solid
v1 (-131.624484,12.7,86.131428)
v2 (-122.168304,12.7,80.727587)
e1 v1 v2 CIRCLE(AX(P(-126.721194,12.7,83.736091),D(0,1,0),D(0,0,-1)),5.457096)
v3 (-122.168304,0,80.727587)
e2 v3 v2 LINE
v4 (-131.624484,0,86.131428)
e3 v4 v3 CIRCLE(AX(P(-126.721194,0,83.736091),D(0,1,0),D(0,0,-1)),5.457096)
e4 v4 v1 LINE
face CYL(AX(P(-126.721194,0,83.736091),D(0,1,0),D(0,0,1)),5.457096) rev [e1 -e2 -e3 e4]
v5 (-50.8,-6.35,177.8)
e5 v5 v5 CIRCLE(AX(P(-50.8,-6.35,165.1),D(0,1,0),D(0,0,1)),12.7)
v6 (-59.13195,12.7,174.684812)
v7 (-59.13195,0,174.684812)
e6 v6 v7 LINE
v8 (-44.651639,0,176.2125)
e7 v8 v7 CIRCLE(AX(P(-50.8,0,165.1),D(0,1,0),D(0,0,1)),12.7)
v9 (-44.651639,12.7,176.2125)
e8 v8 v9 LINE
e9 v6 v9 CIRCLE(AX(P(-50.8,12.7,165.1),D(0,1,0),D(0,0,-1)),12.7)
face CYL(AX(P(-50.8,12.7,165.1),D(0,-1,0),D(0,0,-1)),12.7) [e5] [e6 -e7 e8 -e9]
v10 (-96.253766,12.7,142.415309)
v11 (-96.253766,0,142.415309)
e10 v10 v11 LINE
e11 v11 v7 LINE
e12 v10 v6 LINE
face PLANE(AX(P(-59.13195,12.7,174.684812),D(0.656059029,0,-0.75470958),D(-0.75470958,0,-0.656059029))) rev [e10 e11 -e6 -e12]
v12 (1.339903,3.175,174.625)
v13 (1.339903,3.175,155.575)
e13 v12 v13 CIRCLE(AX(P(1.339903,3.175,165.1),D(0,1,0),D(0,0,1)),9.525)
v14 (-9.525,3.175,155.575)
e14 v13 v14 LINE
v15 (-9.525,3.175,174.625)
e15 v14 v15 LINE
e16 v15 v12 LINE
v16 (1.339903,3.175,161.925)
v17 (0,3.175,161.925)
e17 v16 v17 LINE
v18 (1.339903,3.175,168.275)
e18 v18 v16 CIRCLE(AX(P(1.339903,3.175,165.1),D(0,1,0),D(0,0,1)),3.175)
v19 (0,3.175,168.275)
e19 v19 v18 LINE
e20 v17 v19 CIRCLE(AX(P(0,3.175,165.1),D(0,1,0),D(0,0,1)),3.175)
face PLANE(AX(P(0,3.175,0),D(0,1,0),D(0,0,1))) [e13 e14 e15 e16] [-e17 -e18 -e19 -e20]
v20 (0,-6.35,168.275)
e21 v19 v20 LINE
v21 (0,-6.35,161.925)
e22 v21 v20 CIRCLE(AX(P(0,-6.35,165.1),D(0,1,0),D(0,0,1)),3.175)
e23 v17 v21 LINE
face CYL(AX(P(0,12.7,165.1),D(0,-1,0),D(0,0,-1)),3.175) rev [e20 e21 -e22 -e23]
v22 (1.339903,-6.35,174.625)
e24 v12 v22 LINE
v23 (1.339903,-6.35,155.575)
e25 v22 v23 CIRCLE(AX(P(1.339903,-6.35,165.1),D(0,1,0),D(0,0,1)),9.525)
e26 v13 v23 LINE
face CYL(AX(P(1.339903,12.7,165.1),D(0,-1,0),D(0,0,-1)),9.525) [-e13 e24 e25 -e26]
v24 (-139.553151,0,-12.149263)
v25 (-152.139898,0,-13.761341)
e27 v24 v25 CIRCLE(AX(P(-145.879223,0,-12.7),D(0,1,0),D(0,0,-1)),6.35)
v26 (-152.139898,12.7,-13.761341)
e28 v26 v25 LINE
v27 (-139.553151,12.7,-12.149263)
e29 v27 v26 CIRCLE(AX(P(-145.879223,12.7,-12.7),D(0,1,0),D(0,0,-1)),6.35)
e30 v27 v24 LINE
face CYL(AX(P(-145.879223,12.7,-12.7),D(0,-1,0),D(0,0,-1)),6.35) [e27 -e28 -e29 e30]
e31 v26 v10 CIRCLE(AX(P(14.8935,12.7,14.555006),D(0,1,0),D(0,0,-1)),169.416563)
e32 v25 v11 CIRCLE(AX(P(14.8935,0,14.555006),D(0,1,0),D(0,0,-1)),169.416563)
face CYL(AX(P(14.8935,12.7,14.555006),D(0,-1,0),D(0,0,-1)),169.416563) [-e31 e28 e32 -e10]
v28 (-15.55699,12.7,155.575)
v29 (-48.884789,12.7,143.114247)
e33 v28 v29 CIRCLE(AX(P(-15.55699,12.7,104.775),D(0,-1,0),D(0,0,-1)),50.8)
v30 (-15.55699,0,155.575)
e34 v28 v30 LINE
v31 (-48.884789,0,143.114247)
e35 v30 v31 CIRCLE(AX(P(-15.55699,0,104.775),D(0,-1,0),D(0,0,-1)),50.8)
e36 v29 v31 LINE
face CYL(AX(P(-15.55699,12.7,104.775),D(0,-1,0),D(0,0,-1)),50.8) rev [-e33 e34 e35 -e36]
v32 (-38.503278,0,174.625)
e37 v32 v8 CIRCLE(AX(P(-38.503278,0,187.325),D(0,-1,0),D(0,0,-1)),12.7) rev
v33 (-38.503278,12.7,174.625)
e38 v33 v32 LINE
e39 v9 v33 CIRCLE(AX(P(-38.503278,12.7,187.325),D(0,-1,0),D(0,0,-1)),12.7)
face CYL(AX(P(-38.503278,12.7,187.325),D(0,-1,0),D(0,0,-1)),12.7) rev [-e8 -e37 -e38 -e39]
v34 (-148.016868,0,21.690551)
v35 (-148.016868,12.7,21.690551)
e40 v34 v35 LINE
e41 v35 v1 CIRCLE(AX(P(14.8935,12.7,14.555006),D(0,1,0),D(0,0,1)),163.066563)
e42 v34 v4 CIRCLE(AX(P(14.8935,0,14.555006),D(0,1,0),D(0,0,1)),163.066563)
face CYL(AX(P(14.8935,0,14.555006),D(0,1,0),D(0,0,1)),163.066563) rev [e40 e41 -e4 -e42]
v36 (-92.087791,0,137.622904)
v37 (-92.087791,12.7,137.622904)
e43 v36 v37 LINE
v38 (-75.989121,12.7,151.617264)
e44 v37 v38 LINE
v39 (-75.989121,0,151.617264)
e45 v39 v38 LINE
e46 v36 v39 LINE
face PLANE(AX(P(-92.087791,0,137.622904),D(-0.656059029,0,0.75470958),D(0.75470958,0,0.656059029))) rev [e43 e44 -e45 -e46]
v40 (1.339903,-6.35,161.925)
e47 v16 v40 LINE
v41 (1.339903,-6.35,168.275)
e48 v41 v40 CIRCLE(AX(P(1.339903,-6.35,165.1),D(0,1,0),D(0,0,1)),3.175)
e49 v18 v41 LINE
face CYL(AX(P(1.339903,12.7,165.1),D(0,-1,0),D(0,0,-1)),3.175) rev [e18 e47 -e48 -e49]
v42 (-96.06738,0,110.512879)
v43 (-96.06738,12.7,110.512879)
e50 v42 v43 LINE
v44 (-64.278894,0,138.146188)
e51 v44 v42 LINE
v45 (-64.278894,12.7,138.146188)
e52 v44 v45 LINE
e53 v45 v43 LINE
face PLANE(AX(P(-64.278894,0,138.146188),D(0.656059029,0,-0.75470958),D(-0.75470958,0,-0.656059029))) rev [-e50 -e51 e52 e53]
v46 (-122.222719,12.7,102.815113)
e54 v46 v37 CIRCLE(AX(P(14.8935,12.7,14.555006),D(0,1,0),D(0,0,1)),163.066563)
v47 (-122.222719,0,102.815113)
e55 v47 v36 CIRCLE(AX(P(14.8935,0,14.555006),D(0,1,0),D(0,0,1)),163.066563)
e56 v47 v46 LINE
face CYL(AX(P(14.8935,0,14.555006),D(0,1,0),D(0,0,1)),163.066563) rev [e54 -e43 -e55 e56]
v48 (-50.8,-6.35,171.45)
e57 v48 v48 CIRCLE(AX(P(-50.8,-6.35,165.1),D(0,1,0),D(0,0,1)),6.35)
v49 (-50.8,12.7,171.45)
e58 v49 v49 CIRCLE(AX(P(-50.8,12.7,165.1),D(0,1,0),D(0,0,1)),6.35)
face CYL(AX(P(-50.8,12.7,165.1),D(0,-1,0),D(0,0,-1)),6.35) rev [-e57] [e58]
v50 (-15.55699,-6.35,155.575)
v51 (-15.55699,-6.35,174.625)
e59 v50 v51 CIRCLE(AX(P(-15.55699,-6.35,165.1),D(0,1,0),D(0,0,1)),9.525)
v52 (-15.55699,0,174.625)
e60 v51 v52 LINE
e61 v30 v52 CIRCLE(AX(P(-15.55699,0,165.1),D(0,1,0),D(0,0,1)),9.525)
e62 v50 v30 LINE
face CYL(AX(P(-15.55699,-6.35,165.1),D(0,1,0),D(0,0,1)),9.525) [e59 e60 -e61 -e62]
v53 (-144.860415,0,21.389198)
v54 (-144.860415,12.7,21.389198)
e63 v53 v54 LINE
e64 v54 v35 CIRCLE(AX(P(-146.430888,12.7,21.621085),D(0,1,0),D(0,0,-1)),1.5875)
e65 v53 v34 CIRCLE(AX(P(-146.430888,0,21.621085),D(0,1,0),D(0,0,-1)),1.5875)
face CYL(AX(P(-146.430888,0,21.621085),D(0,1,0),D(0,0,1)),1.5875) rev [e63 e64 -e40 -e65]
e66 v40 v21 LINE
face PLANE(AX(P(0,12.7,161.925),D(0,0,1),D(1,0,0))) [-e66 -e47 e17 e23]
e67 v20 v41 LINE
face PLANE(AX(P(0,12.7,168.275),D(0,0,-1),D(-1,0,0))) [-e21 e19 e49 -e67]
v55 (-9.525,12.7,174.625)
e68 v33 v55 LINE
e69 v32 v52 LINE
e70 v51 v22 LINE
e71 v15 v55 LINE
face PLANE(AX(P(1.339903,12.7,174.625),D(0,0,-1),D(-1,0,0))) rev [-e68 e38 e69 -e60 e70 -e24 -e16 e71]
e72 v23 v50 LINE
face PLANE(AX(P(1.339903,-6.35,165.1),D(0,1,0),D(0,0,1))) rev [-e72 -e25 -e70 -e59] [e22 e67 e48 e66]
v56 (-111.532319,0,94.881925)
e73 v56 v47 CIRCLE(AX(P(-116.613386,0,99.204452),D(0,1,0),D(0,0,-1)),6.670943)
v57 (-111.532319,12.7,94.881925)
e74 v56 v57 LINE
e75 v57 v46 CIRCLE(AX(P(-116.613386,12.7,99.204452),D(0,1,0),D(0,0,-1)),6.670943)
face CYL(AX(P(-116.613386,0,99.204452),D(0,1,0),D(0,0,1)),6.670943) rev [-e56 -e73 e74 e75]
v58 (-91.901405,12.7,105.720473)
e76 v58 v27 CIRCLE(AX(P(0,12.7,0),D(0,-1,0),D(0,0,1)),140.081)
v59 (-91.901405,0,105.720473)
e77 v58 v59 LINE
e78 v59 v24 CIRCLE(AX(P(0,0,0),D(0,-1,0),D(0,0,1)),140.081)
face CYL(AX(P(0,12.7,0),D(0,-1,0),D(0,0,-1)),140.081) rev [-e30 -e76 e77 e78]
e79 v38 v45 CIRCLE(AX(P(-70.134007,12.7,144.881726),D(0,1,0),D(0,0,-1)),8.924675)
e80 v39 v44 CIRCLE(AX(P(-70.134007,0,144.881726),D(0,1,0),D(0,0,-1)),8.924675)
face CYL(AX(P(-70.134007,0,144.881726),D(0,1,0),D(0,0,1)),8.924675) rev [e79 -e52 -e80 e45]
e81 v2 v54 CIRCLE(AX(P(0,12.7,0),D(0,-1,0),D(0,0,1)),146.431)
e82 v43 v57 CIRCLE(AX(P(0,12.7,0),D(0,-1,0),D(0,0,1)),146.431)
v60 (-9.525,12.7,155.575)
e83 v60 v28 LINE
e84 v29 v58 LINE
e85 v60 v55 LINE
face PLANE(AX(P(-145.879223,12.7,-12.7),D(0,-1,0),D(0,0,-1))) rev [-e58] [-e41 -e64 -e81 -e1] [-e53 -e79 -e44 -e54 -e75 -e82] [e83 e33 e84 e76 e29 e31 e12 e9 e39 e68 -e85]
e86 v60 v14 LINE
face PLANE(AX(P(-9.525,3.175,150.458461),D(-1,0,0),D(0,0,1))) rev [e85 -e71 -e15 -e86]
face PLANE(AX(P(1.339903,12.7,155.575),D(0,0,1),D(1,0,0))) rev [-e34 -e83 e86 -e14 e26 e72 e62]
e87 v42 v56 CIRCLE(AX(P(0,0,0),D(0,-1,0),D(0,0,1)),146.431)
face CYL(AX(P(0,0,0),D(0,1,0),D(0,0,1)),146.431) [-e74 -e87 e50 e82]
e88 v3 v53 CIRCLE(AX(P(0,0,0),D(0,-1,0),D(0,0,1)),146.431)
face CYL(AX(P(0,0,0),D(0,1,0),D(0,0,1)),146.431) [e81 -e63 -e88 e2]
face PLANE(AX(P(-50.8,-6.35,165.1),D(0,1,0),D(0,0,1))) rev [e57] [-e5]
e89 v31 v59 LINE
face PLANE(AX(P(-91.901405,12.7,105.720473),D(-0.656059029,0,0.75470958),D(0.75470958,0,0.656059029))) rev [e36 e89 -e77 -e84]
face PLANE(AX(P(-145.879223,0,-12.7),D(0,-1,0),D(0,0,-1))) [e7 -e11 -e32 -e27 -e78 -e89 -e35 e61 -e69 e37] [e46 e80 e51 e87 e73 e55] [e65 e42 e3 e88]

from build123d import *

# Parameters (mm, degrees)
SKETCH1_R           = 6.35
BOSS_EXTRUDE1_DEPTH = 12.7
CUT_EXTRUDE2_DEPTH  = 13.7
FILLET1_R           = 12.7
SKETCH4_R           = 12.7
SKETCH4_R_2         = 6.35
BOSS_EXTRUDE2_DEPTH = 6.35
SKETCH2_W           = 27.073872012
SKETCH2_H           = 29.596885175
CUT_EXTRUDE1_DEPTH  = 9.525


with BuildPart() as part:
    # Sketch1 → Boss-Extrude1 (new body)
    with BuildSketch(Plane(origin=(0, 0, 0), x_dir=(1, 0, 0), z_dir=(0, 1, 0))):
        with BuildLine():
            Line((1.339902706, -174.625), (-42.399739587, -174.625))
            ThreePointArc((-42.399739587, -174.625), (-50.754602331, -177.79991886), (-59.131949668, -174.684811669))
            Line((-59.131949668, -174.684811669), (-96.253765638, -142.415309363))
            ThreePointArc((-96.253765638, -142.415309363), (-144.617963608, -71.634466036), (-152.13989844, 13.761341376))
            ThreePointArc((-152.13989844, 13.761341376), (-145.072520944, 18.99854995), (-139.553151074, 12.149262793))
            ThreePointArc((-139.553151074, 12.149262793), (-129.869632709, -52.503000495), (-91.90140484, -105.720472707))
            Line((-91.90140484, -105.720472707), (-48.88478864, -143.114246675))
            ThreePointArc((-48.88478864, -143.114246675), (-33.347524936, -152.357947214), (-15.556989968, -155.575))
            Line((-15.556989968, -155.575), (1.339902706, -155.575))
            ThreePointArc((1.339902706, -155.575), (10.864902706, -165.1), (1.339902706, -174.625))
        make_face()
        with Locations((-50.8, -165.1)):
            Circle(SKETCH1_R, mode=Mode.SUBTRACT)
        with BuildLine():
            Line((0, -161.925), (1.339902706, -161.925))
            ThreePointArc((1.339902706, -161.925), (4.514902706, -165.1), (1.339902706, -168.275))
            Line((1.339902706, -168.275), (0, -168.275))
            ThreePointArc((0, -168.275), (-3.175, -165.1), (0, -161.925))
        make_face(mode=Mode.SUBTRACT)
    extrude(amount=BOSS_EXTRUDE1_DEPTH)

    # Sketch3 → Cut-Extrude2 (cut, through all)
    with BuildSketch(Plane(origin=(0, 12.7, 0), x_dir=(1, 0, 0), z_dir=(0, 1, 0))):
        with BuildLine():
            Line((-64.278893585, -138.146187914), (-96.067379674, -110.512878542))
            ThreePointArc((-96.067379674, -110.512878542), (-104.093661598, -102.988093371), (-111.532318829, -94.88192461))
            ThreePointArc((-111.532318829, -94.88192461), (-120.588765116, -93.847414192), (-122.222718656, -102.815113283))
            ThreePointArc((-122.222718656, -102.815113283), (-108.389889378, -121.287896312), (-92.087790804, -137.622903528))
            Line((-92.087790804, -137.622903528), (-75.989121055, -151.617263638))
            ThreePointArc((-75.989121055, -151.617263638), (-63.398469458, -150.736839511), (-64.278893585, -138.146187914))
        make_face()
        with BuildLine():
            ThreePointArc((-122.168303836, -80.727586976), (-124.013598755, -88.474110491), (-131.62448434, -86.131428157))
            ThreePointArc((-131.62448434, -86.131428157), (-143.140144863, -54.755391727), (-148.016867664, -21.690551276))
            ThreePointArc((-148.016867664, -21.690551276), (-146.581764091, -20.040770563), (-144.860415421, -21.389198324))
            ThreePointArc((-144.860415421, -21.389198324), (-136.771142128, -52.303847297), (-122.168303836, -80.727586976))
        make_face()
    extrude(amount=-CUT_EXTRUDE2_DEPTH, mode=Mode.SUBTRACT)

    # Fillet1
    fillet1_edges = [part.edges().sort_by_distance(p)[0] for p in [
        (-42.399739587, 6.35, 174.625),
    ]]
    fillet(fillet1_edges, radius=FILLET1_R)

    # Sketch4 → Boss-Extrude2 (add)
    with BuildSketch(Plane(origin=(0, 0, 0), x_dir=(1, 0, 0), z_dir=(0, 1, 0))):
        with Locations((-50.8, -165.1)):
            Circle(SKETCH4_R)
        with Locations((-50.8, -165.1)):
            Circle(SKETCH4_R_2, mode=Mode.SUBTRACT)
        with BuildLine():
            Line((1.339902706, -174.625), (-15.556989968, -174.625))
            ThreePointArc((-15.556989968, -174.625), (-25.081989968, -165.1), (-15.556989968, -155.575))
            Line((-15.556989968, -155.575), (1.339902706, -155.575))
            ThreePointArc((1.339902706, -155.575), (10.864902706, -165.1), (1.339902706, -174.625))
        make_face()
        with BuildLine():
            Line((1.339902706, -161.925), (0, -161.925))
            ThreePointArc((0, -161.925), (-3.175, -165.1), (0, -168.275))
            Line((0, -168.275), (1.339902706, -168.275))
            ThreePointArc((1.339902706, -168.275), (4.514902706, -165.1), (1.339902706, -161.925))
        make_face(mode=Mode.SUBTRACT)
    extrude(amount=-BOSS_EXTRUDE2_DEPTH)

    # Sketch2 → Cut-Extrude1 (cut)
    with BuildSketch(Plane(origin=(0, 12.7, 0), x_dir=(1, 0, 0), z_dir=(0, 1, 0))):
        with Locations((4.011936006, -165.256904056)):
            Rectangle(SKETCH2_W, SKETCH2_H)
    extrude(amount=-CUT_EXTRUDE1_DEPTH, mode=Mode.SUBTRACT)


solid = part.part
